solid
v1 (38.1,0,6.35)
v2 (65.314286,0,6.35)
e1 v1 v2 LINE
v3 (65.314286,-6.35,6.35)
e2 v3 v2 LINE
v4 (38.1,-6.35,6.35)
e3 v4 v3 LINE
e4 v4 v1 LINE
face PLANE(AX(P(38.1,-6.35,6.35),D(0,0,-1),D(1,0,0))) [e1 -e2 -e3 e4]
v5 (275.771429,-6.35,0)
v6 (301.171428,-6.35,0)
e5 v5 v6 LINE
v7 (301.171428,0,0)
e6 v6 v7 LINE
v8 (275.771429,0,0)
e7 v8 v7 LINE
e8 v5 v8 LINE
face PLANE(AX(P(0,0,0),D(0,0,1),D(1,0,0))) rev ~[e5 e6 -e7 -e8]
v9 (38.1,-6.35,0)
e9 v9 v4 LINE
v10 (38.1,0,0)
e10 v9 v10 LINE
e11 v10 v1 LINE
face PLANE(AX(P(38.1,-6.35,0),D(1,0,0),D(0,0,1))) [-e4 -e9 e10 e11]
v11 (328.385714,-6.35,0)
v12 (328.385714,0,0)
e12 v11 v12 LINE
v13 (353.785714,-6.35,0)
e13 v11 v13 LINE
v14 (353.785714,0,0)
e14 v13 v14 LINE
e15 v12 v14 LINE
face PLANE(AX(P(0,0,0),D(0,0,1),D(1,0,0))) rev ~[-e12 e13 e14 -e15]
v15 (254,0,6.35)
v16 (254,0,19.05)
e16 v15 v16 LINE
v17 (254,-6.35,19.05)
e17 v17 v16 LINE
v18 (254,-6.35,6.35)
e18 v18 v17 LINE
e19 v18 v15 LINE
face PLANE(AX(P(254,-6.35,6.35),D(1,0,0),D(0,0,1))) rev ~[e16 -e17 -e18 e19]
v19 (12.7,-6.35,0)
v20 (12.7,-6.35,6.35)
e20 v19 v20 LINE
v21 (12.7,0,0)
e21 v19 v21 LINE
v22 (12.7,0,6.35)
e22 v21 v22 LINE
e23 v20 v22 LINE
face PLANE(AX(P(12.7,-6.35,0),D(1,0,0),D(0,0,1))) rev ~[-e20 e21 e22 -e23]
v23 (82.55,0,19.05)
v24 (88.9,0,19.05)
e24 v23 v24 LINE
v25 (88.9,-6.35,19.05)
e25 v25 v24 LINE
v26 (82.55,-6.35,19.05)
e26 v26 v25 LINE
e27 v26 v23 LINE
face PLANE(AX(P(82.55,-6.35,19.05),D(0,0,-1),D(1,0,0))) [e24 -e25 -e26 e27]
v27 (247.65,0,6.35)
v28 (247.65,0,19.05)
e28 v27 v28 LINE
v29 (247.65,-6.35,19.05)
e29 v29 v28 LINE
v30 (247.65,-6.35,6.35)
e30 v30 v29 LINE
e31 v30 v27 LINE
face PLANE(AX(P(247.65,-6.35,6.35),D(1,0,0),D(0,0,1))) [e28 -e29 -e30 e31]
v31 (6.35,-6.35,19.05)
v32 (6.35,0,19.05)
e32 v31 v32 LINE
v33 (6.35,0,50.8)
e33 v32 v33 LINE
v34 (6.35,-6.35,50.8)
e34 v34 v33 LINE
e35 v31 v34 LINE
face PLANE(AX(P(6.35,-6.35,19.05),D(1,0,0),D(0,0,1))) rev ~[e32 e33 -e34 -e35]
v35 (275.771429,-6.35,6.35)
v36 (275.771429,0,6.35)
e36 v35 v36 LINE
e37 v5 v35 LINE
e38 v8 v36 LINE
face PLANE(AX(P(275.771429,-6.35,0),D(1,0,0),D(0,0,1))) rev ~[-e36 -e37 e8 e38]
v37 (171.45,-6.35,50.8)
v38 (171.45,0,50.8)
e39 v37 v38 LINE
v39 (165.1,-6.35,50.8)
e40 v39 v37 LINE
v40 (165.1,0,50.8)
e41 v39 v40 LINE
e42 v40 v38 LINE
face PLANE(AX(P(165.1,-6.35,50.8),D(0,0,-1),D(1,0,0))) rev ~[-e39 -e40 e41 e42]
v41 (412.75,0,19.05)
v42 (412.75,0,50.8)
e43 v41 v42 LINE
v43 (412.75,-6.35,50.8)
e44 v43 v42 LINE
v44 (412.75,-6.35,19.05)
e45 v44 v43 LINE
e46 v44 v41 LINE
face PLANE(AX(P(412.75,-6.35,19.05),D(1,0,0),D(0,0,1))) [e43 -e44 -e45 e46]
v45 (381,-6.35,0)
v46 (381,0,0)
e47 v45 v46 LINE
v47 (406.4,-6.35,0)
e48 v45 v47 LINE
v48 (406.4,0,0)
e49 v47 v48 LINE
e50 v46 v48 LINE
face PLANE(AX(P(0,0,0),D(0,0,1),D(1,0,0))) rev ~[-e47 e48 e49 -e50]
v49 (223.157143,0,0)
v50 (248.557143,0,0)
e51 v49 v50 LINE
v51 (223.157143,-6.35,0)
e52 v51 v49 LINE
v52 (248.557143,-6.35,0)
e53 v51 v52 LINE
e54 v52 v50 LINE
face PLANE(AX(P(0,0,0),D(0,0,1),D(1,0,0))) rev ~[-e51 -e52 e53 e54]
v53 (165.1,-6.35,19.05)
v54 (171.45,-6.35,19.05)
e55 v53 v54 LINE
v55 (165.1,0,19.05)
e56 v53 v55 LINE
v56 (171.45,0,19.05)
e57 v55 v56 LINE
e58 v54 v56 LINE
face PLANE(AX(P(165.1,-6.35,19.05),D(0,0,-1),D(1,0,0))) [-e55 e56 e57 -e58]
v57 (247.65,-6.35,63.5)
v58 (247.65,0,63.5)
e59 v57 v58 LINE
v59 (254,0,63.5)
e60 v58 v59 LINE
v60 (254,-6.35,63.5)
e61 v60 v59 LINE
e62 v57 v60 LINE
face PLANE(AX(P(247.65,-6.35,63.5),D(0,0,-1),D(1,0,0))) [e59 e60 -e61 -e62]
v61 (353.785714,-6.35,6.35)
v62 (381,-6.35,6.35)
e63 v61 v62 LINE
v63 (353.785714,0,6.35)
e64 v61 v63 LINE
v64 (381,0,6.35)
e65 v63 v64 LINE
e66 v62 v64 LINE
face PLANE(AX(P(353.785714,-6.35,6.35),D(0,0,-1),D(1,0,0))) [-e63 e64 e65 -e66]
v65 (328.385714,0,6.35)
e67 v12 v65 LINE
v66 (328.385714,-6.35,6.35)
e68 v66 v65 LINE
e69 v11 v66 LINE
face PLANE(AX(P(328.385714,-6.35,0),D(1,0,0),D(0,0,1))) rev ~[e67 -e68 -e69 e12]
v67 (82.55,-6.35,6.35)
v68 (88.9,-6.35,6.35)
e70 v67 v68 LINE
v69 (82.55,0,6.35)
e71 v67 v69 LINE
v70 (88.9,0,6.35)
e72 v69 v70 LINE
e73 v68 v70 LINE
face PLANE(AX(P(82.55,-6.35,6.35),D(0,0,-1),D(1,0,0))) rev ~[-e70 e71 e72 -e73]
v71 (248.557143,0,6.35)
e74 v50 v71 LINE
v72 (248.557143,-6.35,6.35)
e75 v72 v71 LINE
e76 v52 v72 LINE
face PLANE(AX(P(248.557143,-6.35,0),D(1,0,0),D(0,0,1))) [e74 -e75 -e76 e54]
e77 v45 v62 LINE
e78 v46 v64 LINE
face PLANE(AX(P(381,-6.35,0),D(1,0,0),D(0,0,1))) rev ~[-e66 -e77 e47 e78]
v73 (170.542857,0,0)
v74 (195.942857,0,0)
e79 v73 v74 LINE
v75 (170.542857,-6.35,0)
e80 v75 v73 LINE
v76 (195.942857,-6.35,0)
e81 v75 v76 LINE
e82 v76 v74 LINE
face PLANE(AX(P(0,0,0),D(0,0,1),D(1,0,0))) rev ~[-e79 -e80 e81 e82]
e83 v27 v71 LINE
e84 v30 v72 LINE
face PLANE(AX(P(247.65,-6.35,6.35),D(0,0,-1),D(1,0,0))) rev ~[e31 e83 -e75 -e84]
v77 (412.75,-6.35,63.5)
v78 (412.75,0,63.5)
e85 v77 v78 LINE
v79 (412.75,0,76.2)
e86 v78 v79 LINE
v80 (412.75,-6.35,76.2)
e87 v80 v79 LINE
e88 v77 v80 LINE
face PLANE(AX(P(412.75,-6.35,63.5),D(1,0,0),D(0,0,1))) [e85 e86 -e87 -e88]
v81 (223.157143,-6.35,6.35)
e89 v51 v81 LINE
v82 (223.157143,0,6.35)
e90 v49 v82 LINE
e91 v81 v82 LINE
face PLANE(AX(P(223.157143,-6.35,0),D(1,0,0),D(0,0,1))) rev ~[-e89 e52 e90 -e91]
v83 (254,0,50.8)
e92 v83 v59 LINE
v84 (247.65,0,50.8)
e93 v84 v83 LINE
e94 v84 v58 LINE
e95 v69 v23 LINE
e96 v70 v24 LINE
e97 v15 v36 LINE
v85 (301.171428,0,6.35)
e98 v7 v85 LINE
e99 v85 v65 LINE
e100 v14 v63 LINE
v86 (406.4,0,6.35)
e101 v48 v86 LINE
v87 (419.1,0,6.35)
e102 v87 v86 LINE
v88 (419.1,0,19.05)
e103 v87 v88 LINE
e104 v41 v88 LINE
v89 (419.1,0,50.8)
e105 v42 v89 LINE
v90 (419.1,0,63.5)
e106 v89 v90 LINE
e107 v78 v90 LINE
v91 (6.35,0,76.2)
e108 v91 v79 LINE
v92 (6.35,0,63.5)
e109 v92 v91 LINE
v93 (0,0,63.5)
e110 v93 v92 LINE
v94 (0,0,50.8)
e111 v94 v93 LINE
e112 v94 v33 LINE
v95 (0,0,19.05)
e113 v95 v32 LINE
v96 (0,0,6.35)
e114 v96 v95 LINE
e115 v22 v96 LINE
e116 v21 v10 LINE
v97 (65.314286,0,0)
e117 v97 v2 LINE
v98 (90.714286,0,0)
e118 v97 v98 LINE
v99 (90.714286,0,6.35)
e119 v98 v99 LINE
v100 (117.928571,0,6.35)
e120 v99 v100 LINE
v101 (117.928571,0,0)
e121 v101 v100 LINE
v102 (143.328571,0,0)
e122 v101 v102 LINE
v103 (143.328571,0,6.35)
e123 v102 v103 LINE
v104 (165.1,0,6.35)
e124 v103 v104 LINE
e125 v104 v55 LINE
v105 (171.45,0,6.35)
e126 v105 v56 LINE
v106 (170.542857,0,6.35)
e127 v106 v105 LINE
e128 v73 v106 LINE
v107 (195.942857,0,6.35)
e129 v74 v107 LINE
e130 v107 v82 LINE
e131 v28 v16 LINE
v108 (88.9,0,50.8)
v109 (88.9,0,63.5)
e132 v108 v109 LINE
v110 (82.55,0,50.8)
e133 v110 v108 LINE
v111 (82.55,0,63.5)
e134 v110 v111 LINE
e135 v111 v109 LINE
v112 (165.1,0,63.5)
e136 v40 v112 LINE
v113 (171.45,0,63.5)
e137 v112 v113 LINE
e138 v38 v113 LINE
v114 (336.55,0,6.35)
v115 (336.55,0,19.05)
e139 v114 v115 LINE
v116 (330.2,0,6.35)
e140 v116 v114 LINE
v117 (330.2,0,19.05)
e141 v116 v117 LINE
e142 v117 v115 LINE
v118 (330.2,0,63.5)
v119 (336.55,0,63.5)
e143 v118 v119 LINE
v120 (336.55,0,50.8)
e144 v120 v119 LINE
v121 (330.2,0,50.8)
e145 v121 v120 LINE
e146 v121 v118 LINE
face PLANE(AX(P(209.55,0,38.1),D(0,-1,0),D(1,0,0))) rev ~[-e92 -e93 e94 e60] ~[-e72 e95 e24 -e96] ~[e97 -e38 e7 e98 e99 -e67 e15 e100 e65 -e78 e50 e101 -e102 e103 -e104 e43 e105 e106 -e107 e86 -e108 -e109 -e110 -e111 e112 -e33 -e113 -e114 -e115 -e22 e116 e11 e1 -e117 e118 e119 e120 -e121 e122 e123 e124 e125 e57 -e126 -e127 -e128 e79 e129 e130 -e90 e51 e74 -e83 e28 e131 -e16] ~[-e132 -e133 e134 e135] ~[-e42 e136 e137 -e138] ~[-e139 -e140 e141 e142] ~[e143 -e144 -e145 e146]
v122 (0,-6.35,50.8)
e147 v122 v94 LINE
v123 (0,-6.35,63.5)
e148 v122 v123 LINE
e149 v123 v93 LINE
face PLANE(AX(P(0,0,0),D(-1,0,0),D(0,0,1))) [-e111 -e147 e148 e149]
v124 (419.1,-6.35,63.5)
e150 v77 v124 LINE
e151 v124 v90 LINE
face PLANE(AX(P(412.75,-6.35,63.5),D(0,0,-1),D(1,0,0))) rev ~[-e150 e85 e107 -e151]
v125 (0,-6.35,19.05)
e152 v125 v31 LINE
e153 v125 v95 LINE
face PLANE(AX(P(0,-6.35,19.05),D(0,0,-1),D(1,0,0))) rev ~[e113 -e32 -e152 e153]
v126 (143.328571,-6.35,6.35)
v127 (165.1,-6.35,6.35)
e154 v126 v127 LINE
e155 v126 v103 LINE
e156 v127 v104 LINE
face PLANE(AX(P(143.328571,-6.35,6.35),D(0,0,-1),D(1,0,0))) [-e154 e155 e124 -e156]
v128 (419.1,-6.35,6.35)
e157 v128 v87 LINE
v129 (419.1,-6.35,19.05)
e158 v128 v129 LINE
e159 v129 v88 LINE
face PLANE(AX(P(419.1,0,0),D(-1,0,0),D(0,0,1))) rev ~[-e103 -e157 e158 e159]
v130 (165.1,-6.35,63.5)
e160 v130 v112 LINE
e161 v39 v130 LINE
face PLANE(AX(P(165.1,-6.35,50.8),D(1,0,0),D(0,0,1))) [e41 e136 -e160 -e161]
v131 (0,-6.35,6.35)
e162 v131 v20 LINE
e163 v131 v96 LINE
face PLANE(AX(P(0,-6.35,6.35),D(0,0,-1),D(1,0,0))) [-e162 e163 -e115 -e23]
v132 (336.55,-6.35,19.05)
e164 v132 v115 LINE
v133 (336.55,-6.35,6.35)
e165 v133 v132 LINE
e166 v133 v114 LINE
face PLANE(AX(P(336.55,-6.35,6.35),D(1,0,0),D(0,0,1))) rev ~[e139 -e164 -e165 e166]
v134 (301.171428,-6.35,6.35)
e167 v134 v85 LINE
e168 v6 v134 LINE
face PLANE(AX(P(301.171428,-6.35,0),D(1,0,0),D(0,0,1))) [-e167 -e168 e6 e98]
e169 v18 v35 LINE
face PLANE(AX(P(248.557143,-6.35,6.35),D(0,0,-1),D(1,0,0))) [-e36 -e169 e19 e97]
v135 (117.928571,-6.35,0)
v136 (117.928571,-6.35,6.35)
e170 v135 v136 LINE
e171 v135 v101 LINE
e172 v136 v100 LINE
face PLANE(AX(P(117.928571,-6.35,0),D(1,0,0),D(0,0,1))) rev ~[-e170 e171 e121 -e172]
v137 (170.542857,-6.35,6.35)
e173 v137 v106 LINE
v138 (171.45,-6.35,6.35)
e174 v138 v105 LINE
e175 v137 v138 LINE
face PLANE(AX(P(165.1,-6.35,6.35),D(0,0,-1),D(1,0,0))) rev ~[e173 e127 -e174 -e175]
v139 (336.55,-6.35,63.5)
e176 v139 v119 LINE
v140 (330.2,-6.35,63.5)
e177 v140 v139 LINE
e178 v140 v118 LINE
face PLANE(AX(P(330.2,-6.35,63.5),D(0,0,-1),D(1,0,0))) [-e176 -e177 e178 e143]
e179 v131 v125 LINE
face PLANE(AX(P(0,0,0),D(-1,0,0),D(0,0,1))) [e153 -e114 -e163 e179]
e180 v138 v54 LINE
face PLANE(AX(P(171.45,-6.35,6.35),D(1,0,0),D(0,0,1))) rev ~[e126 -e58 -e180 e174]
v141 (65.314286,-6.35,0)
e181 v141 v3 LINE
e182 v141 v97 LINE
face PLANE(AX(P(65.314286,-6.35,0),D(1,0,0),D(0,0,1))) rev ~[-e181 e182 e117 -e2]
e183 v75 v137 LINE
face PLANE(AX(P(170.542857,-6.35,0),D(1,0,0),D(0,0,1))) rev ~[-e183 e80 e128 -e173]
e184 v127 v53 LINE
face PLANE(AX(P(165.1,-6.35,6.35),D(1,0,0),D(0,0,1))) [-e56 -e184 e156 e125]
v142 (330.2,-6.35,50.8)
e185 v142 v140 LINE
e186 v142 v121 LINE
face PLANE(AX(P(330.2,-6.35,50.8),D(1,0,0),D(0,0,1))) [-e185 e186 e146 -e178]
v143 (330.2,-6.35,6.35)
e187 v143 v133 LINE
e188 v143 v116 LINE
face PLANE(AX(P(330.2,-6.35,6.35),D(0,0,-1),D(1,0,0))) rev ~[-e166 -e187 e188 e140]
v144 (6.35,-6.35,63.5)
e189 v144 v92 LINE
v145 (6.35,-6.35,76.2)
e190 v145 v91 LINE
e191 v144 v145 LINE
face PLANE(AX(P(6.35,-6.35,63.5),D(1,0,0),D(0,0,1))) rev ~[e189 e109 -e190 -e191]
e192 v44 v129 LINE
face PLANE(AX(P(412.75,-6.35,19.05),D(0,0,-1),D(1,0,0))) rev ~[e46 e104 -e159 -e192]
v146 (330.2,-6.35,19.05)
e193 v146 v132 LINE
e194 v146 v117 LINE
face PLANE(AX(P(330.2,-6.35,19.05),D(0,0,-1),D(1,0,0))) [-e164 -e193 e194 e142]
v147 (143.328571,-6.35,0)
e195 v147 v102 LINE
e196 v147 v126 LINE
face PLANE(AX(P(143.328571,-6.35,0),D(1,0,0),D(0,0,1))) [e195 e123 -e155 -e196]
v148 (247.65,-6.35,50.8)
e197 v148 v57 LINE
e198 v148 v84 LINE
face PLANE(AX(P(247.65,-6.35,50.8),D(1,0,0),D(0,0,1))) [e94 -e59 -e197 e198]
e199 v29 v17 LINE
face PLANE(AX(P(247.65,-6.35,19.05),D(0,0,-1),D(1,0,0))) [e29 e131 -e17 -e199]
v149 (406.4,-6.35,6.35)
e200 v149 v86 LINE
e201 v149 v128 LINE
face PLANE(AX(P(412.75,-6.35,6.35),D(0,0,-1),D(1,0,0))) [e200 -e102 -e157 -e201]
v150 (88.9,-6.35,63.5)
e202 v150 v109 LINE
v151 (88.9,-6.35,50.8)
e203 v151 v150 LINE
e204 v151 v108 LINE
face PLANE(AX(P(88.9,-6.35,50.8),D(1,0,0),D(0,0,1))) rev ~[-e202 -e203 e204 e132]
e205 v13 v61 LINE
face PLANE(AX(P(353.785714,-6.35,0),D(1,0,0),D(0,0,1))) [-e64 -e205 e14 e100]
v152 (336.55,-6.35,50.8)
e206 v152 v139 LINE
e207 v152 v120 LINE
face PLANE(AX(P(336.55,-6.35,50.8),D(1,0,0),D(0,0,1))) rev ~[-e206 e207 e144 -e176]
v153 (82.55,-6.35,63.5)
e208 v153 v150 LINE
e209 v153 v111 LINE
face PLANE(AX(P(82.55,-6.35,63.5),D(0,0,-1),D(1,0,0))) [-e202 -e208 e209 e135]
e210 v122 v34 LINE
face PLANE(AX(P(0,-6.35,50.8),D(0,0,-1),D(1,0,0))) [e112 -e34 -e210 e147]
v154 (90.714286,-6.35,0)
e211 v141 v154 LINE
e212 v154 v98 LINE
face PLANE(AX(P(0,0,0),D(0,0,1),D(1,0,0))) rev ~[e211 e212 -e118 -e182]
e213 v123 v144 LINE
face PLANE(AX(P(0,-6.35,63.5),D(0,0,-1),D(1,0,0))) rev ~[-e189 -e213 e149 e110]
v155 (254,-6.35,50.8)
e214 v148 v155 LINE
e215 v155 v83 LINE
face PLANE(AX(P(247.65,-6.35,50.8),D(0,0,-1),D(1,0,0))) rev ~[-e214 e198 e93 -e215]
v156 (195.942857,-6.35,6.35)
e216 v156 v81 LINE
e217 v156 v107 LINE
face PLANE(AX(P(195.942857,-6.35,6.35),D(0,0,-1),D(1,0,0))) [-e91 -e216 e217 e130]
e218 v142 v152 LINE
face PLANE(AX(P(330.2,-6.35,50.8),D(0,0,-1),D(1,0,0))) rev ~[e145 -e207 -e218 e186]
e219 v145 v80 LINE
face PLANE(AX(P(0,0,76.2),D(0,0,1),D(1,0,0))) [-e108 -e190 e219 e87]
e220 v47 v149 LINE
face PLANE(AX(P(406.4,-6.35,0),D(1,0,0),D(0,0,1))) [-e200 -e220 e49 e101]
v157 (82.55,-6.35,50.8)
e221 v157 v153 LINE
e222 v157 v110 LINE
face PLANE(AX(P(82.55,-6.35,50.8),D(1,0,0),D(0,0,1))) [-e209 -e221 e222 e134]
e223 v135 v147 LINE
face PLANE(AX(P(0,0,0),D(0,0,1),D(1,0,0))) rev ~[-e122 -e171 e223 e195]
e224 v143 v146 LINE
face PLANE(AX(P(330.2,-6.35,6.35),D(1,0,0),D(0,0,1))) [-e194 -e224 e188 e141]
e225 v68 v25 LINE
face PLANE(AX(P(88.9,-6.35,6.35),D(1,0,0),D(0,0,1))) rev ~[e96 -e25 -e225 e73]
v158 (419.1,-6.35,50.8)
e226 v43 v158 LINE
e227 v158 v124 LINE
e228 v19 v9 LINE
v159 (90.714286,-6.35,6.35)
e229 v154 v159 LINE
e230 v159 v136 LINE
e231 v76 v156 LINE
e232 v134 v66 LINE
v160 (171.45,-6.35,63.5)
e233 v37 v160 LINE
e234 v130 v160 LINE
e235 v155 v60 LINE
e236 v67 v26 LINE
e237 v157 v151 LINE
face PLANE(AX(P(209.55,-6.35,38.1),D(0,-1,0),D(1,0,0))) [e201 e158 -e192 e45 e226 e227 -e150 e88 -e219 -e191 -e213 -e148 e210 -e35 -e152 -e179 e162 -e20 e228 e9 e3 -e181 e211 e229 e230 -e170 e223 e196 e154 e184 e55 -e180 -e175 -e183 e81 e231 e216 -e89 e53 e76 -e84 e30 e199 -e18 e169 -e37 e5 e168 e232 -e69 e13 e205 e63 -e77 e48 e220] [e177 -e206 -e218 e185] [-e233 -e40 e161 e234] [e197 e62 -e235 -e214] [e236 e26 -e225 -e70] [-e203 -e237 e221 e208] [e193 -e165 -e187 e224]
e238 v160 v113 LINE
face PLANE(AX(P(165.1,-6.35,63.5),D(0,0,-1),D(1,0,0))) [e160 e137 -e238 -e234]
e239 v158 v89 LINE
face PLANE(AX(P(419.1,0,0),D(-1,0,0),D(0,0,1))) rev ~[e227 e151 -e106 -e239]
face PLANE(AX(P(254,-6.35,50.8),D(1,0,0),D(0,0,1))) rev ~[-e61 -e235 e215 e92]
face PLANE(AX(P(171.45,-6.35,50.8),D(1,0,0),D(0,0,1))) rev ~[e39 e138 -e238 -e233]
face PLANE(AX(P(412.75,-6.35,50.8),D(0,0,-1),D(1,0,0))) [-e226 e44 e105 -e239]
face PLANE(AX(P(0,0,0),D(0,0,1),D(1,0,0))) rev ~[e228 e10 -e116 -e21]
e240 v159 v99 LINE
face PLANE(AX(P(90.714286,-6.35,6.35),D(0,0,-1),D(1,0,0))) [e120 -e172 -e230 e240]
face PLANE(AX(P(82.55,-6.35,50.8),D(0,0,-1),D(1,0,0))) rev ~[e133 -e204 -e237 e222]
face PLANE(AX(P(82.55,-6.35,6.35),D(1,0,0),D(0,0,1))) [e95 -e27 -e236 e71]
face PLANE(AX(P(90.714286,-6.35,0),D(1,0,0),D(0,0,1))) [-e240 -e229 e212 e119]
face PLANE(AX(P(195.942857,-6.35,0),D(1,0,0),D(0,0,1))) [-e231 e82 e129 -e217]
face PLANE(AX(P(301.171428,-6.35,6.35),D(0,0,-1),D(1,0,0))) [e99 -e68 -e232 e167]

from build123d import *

# Parameters (mm, degrees)
F0_W     = 419.1
F0_H     = 76.2
F1_DEPTH = 6.35
F2_W     = 6.35
F2_H     = 6.35
F2_H_2   = 12.7
F2_H_3   = 31.75
F3_DEPTH = 6.35
F4_W     = 27.214286
F4_H     = 6.35
F4_W_2   = 27.214285
F4_W_3   = 6.35
F5_DEPTH = 6.351
F6_W     = 6.35
F6_H     = 12.7
F7_DEPTH = 6.351


with BuildPart() as f1:
    # F0 (on Front) → F1 (new body)
    with BuildSketch(Plane.XZ):
        with Locations((209.55, 38.1)):
            Rectangle(F0_W, F0_H)
    extrude(amount=F1_DEPTH)

    # F2 (on face) → F3 (cut, through all)
    with BuildSketch(Plane.XZ.offset(6.35)):
        with Locations((3.175, 3.175)):
            Rectangle(F2_W, F2_H)
        with Locations((3.175, 69.85)):
            Rectangle(F2_W, F2_H_2)
        with Locations((3.175, 34.925)):
            Rectangle(F2_W, F2_H_3)
        with Locations((415.925, 3.175)):
            Rectangle(F2_W, F2_H)
        with Locations((415.925, 34.925)):
            Rectangle(F2_W, F2_H_3)
        with Locations((415.925, 69.85)):
            Rectangle(F2_W, F2_H_2)
    extrude(amount=-F3_DEPTH, mode=Mode.SUBTRACT)

    # F4 (on face) → F5 (cut, through all)
    with BuildSketch(Plane.XZ.offset(6.35)):
        with Locations((51.707143, 3.175)):
            Rectangle(F4_W, F4_H)
        with Locations((104.321428, 3.175)):
            Rectangle(F4_W_2, F4_H)
        with Locations((156.935714, 3.175)):
            Rectangle(F4_W, F4_H)
        with Locations((209.55, 3.175)):
            Rectangle(F4_W, F4_H)
        with Locations((262.164286, 3.175)):
            Rectangle(F4_W, F4_H)
        with Locations((314.778571, 3.175)):
            Rectangle(F4_W_2, F4_H)
        with Locations((367.392857, 3.175)):
            Rectangle(F4_W, F4_H)
        with Locations((9.525, 3.175)):
            Rectangle(F4_W_3, F4_H)
        with Locations((409.575, 3.175)):
            Rectangle(F4_W_3, F4_H)
    extrude(amount=-F5_DEPTH, mode=Mode.SUBTRACT)

    # F6 (on face) → F7 (cut, through all)
    with BuildSketch(Plane.XZ.offset(6.35)):
        with Locations((85.725, 12.7)):
            Rectangle(F6_W, F6_H)
        with Locations((85.725, 57.15)):
            Rectangle(F6_W, F6_H)
        with Locations((333.375, 57.15)):
            Rectangle(F6_W, F6_H)
        with Locations((333.375, 12.7)):
            Rectangle(F6_W, F6_H)
        with Locations((168.275, 57.15)):
            Rectangle(F6_W, F6_H)
        with Locations((168.275, 12.7)):
            Rectangle(F6_W, F6_H)
        with Locations((250.825, 57.15)):
            Rectangle(F6_W, F6_H)
        with Locations((250.825, 12.7)):
            Rectangle(F6_W, F6_H)
    extrude(amount=-F7_DEPTH, mode=Mode.SUBTRACT)


solid = f1.part
